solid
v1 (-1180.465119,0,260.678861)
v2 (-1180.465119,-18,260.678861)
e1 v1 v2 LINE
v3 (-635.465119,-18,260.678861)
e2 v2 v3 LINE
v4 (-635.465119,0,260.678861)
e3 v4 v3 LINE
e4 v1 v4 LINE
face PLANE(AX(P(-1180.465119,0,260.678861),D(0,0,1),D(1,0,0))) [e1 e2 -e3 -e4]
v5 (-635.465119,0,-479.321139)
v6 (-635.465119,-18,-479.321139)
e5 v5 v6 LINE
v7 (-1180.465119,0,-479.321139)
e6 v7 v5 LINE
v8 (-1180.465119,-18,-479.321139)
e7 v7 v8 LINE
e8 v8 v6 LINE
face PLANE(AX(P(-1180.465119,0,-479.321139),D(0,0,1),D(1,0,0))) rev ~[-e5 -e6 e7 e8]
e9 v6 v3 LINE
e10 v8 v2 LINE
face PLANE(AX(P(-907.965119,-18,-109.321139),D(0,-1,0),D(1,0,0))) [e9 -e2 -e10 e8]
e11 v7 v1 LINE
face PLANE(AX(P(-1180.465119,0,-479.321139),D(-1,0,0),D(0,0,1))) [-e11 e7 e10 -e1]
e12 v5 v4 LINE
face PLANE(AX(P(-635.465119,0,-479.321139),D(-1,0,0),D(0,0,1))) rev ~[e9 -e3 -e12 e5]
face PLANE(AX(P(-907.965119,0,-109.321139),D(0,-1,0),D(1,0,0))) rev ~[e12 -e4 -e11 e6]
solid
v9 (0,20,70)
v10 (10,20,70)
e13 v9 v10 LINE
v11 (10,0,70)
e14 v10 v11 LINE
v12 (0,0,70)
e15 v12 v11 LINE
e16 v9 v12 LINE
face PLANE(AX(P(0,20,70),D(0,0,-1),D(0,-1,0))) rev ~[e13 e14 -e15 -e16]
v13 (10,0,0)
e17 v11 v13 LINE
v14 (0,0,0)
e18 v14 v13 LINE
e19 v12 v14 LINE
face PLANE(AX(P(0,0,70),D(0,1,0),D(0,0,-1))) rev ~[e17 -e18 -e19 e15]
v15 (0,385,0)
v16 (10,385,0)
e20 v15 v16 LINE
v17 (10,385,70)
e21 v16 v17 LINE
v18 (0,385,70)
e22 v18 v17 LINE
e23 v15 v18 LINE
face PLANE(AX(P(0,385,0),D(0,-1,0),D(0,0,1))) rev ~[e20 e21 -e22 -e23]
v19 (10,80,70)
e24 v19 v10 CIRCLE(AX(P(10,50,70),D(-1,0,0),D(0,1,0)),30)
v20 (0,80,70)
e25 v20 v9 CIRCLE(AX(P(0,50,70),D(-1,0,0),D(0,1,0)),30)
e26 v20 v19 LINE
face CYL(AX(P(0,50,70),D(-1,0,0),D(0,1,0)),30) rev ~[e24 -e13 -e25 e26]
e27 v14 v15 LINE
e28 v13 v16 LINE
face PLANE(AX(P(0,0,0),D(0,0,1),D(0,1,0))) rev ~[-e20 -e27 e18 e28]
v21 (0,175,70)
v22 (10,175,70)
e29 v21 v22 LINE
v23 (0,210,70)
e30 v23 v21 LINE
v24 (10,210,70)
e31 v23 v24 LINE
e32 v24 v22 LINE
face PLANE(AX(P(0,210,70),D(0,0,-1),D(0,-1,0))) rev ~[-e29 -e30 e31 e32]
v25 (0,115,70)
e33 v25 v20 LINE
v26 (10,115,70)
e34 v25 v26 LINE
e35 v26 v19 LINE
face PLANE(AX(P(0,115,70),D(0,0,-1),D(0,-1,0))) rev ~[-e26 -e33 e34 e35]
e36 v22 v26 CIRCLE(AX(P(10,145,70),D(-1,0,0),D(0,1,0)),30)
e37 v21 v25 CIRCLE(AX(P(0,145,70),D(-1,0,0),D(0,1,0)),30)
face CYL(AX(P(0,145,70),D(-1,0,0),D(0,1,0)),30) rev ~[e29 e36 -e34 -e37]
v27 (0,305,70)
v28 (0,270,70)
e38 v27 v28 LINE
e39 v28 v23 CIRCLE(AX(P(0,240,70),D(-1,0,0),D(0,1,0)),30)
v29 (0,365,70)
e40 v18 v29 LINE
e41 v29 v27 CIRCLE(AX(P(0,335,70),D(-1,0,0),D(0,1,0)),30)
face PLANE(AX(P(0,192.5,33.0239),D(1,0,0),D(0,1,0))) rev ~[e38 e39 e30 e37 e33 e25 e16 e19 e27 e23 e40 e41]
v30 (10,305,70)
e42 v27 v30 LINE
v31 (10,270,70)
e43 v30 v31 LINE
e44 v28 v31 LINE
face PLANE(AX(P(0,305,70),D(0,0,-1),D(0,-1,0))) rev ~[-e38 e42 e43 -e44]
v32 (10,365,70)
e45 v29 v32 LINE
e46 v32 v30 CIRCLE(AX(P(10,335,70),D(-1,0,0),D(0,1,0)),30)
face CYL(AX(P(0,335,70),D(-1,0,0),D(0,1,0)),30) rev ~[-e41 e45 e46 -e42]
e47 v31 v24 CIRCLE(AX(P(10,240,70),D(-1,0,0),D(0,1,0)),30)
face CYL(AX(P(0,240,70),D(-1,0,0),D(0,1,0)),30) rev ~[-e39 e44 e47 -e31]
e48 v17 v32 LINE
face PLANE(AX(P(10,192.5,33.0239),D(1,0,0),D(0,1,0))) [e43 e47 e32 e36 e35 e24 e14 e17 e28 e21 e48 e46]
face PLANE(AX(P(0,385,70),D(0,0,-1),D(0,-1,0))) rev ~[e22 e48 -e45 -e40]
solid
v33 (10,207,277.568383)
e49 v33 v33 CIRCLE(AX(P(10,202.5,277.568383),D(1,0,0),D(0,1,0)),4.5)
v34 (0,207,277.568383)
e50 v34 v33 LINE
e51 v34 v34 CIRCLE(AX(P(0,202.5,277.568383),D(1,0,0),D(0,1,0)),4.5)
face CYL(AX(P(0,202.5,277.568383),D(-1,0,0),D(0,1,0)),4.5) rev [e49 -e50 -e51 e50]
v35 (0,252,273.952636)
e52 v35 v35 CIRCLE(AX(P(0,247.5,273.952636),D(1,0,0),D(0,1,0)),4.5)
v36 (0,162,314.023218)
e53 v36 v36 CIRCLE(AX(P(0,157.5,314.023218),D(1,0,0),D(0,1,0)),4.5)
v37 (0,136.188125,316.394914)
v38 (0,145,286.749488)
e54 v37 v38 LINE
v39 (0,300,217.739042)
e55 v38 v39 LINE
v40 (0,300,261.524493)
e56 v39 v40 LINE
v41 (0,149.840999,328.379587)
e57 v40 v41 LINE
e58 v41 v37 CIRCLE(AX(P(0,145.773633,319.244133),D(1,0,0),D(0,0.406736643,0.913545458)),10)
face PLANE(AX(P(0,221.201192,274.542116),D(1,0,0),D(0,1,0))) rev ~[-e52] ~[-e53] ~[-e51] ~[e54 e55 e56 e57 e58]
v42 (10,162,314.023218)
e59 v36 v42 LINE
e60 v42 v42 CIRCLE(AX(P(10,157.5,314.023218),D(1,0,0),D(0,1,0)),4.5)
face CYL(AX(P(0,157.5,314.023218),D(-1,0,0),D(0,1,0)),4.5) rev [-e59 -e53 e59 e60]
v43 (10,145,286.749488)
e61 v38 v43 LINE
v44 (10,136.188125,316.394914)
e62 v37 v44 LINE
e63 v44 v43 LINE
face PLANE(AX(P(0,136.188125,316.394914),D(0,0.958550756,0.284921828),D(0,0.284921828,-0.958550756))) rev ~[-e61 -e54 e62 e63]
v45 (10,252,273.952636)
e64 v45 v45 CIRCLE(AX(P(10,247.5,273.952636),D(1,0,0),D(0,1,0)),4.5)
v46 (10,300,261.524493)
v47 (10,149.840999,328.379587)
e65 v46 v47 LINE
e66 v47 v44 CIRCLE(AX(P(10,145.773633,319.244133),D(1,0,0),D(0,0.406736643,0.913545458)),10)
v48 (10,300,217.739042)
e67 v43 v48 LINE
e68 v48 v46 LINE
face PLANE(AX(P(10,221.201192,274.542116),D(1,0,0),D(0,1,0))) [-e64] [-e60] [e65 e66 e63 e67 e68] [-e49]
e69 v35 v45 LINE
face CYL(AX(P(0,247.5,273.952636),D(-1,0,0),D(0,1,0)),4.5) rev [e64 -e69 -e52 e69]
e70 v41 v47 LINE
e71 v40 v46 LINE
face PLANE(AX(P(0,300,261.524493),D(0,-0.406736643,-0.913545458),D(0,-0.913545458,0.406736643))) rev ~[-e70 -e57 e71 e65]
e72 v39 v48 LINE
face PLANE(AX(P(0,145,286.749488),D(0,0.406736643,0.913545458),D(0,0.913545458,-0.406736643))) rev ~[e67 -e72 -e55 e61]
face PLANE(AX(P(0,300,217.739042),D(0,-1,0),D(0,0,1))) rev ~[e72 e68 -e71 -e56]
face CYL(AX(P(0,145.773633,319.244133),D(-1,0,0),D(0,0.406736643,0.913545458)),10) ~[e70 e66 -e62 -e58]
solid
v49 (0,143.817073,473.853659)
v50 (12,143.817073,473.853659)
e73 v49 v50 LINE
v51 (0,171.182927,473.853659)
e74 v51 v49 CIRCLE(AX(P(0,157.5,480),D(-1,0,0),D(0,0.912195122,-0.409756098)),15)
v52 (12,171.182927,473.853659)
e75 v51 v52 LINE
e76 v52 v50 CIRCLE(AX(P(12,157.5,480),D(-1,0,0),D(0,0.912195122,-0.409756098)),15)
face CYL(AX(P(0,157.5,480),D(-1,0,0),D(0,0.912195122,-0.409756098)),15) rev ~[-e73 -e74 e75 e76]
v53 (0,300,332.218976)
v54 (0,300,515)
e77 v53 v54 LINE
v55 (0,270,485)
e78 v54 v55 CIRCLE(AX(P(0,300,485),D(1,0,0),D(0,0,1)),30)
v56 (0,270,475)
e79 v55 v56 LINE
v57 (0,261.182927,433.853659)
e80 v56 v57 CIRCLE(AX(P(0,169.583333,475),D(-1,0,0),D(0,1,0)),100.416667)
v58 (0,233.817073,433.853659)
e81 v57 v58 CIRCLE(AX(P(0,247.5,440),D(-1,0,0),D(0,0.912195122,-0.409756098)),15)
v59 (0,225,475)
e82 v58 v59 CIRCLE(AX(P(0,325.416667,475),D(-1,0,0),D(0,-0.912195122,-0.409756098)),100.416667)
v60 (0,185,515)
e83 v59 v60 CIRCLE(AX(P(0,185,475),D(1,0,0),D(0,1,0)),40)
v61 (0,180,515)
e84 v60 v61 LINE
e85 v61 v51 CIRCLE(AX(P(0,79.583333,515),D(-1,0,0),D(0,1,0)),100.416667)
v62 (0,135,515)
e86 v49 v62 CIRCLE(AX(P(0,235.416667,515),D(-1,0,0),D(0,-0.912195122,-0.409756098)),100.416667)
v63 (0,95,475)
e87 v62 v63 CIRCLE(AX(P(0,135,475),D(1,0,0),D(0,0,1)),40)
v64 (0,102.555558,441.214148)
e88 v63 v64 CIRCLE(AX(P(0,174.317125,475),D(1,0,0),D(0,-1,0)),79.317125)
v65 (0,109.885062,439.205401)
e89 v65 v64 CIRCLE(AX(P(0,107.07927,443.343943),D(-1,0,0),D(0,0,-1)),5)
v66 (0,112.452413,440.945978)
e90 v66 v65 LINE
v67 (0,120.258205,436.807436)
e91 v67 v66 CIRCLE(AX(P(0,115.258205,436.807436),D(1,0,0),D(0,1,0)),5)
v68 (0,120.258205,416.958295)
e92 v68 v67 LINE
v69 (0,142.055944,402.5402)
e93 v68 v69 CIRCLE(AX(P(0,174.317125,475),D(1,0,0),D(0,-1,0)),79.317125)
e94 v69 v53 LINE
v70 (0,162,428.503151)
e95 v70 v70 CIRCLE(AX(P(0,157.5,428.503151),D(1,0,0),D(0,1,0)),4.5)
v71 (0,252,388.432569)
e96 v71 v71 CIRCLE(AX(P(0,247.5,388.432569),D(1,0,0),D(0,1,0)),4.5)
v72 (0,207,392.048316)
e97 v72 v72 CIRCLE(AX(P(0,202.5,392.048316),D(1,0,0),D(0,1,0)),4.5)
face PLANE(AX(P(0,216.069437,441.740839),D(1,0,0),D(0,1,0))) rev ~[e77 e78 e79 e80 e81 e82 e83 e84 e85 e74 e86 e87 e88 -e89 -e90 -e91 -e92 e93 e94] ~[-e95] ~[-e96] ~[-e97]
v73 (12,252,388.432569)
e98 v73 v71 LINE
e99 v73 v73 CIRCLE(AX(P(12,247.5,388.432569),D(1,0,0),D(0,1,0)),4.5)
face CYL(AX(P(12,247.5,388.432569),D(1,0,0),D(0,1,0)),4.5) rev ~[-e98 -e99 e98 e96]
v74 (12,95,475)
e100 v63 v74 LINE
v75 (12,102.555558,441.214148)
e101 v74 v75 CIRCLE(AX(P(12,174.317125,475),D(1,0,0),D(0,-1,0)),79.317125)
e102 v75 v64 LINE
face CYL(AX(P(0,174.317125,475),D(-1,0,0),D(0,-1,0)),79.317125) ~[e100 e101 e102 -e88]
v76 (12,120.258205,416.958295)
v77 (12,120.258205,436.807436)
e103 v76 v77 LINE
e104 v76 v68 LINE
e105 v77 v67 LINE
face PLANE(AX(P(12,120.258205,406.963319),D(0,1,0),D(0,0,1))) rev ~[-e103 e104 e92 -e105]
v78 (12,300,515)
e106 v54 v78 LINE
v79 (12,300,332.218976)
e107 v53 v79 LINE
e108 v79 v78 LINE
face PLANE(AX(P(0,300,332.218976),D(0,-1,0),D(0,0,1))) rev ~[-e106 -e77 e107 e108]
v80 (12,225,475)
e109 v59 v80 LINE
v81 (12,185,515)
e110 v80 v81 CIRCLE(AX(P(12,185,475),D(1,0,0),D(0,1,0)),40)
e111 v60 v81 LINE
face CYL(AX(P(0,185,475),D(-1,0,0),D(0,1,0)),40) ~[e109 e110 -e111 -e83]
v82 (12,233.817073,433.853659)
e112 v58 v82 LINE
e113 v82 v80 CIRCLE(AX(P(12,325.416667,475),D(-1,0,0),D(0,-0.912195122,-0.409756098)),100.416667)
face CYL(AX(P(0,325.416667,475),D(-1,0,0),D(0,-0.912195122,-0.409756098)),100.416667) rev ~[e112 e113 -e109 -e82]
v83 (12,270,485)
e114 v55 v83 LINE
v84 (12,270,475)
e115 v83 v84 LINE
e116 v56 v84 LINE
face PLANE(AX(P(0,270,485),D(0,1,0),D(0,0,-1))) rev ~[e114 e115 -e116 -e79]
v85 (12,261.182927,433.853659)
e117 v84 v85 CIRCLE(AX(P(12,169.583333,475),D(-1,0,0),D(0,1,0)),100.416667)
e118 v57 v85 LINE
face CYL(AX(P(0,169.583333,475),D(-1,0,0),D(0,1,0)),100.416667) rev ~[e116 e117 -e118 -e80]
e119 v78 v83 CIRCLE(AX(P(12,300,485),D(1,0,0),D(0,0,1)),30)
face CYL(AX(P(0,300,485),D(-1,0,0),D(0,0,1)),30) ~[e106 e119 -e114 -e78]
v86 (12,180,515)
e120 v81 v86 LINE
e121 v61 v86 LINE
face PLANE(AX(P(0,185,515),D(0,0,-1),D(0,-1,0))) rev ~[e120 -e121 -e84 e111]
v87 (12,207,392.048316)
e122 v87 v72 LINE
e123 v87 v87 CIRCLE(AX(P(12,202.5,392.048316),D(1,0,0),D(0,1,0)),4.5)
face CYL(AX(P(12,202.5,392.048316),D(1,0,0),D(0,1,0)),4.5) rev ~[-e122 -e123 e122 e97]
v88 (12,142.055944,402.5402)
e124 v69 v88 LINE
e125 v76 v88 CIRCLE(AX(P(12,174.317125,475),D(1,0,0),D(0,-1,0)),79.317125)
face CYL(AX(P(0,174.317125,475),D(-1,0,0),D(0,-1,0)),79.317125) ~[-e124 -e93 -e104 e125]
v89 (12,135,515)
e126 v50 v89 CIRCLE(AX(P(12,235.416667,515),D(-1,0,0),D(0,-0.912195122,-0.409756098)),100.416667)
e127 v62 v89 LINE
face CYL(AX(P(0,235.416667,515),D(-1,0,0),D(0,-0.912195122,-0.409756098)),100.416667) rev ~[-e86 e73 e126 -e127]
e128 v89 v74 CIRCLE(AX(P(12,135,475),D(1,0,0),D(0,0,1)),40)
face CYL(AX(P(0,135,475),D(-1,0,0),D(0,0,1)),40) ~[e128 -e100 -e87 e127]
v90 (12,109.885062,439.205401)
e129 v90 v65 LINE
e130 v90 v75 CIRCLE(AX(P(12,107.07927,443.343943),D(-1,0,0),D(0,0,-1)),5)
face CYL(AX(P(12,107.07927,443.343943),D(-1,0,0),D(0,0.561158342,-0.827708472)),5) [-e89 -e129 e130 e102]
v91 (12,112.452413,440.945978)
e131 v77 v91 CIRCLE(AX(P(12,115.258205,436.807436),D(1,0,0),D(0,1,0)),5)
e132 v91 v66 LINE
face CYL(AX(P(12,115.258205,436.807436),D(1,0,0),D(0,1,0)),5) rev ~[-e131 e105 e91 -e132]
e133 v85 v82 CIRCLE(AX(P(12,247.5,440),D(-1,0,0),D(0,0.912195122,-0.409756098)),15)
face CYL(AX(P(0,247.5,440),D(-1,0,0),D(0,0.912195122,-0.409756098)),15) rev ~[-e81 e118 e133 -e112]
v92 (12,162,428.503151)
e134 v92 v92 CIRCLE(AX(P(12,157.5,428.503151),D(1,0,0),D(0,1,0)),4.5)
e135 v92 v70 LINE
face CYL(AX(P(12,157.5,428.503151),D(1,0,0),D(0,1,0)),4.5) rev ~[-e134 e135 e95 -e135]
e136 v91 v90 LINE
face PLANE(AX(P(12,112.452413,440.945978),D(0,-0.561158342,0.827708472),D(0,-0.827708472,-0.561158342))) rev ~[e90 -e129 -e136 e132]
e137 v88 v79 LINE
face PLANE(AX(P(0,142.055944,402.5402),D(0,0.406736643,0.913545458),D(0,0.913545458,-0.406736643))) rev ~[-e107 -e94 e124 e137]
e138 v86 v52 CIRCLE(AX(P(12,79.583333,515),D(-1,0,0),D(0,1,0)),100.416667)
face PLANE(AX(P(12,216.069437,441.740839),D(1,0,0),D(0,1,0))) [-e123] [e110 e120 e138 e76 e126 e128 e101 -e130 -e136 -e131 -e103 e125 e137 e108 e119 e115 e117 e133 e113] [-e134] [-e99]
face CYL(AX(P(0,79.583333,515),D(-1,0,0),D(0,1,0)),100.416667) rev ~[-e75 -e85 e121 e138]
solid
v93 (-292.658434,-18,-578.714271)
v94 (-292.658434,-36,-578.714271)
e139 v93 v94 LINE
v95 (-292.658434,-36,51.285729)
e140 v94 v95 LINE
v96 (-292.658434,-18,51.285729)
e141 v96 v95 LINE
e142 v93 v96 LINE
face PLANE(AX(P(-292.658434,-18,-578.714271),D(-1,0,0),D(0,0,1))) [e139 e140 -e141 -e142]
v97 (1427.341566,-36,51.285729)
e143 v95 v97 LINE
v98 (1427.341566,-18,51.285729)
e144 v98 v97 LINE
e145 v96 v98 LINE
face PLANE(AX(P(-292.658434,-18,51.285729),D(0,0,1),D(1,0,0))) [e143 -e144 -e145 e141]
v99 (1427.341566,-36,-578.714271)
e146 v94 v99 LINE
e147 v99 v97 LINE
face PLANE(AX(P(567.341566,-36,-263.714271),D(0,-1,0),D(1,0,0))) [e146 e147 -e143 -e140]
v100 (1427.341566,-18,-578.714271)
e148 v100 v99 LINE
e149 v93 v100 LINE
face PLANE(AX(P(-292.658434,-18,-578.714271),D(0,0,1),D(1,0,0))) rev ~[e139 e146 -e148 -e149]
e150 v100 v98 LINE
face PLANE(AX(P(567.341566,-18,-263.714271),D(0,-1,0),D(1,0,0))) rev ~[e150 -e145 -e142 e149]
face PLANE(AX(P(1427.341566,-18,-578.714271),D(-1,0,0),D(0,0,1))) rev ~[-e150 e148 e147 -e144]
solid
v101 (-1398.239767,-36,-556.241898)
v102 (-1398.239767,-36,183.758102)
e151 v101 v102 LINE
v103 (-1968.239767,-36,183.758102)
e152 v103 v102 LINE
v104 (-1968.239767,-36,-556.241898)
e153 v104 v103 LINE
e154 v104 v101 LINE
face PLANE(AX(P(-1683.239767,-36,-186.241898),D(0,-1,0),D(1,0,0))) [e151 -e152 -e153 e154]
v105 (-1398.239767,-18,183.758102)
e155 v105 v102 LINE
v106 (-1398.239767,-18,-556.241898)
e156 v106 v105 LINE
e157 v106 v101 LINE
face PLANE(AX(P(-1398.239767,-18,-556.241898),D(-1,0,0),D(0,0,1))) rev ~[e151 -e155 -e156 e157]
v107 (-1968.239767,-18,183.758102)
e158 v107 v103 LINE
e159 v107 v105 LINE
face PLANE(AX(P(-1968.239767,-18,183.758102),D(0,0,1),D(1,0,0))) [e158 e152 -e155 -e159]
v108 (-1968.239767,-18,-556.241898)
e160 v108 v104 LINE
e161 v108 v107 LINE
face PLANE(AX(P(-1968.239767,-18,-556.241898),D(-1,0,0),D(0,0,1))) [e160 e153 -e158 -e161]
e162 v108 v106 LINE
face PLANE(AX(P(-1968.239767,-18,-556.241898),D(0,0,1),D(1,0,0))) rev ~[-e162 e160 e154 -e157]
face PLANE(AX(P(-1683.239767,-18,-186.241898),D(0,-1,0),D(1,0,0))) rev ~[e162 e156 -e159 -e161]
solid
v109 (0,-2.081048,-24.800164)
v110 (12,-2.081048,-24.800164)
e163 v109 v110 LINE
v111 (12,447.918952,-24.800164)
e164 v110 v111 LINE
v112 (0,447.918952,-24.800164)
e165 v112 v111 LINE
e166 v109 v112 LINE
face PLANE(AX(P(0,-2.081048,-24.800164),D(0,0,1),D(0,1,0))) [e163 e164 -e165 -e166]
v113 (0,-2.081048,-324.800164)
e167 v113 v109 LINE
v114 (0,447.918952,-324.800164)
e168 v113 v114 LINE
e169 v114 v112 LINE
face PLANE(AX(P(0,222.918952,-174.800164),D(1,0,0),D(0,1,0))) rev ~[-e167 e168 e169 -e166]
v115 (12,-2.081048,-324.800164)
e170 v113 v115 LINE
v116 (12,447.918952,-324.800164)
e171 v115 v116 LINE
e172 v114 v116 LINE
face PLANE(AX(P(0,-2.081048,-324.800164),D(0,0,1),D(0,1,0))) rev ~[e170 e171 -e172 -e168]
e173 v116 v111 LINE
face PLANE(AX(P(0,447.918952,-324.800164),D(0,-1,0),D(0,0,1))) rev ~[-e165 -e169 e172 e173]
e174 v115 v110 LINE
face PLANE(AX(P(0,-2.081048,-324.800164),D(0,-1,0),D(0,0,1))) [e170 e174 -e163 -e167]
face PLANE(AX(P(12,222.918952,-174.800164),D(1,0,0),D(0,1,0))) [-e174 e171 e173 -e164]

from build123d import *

# Parameters (mm, degrees)
F1_DEPTH  = 10
F3_DEPTH  = 12
F4_R      = 4.5
F5_DEPTH  = 10
F6_R      = 4.5
F7_DEPTH  = 12.001
F8_W      = 545
F8_H      = 740
F9_DEPTH  = 18
F10_W     = 570
F10_H     = 740
F11_DEPTH = 18
F12_W     = 1720
F12_H     = 630
F13_DEPTH = 18
F14_W     = 450
F14_H     = 300
F15_DEPTH = 12
F17_DEPTH = 25
F18_R     = 5


with BuildPart() as f1:
    # F0 (on Right) → F1 (new body)
    with BuildSketch(Plane.YZ):
        with BuildLine():
            Line((0, 70), (0, 0))
            Line((0, 0), (385, 0))
            Line((385, 0), (385, 70))
            Line((385, 70), (365, 70))
            ThreePointArc((365, 70), (335, 40), (305, 70))
            Line((305, 70), (270, 70))
            ThreePointArc((270, 70), (240, 40), (210, 70))
            Line((210, 70), (175, 70))
            ThreePointArc((175, 70), (145, 40), (115, 70))
            Line((115, 70), (80, 70))
            ThreePointArc((80, 70), (50, 40), (20, 70))
            Line((20, 70), (0, 70))
        make_face()
    extrude(amount=F1_DEPTH)


with BuildPart() as f3:
    # F2 (on Right) → F3 (new body)
    with BuildSketch(Plane.YZ):
        with BuildLine():
            ThreePointArc((261.1829268293, 433.8536585366), (247.5, 425), (233.8170731707, 433.8536585366))
            ThreePointArc((233.8170731707, 433.8536585366), (227.2290075864, 453.9597873399), (225, 475))
            ThreePointArc((225, 475), (213.2842712475, 503.2842712475), (185, 515))
            Line((185, 515), (180, 515))
            ThreePointArc((180, 515), (177.7709924136, 493.9597873399), (171.1829268293, 473.8536585366))
            ThreePointArc((171.1829268293, 473.8536585366), (157.5, 465), (143.8170731707, 473.8536585366))
            ThreePointArc((143.8170731707, 473.8536585366), (137.2290075864, 493.9597873399), (135, 515))
            ThreePointArc((135, 515), (106.7157287525, 503.2842712475), (95, 475))
            ThreePointArc((95, 475), (107.7961867785, 431.8007974109), (142.0559440231, 402.5402004596))
            Line((142.0559440231, 402.5402004596), (300, 332.2189760647))
            Line((300, 332.2189760647), (300, 515))
            ThreePointArc((300, 515), (278.7867965644, 506.2132034356), (270, 485))
            Line((270, 485), (270, 475))
            ThreePointArc((270, 475), (267.7709924136, 453.9597873399), (261.1829268293, 433.8536585366))
        make_face()
    extrude(amount=F3_DEPTH)

    # F6 (on face) → F7 (cut, through all)
    with BuildSketch(Plane.YZ.offset(12)):
        with Locations((157.5, 428.5031508404)):
            Circle(F6_R)
        with Locations((202.5, 392.0483158239)):
            Circle(F6_R)
        with Locations((247.5, 388.4325691626)):
            Circle(F6_R)
    extrude(amount=-F7_DEPTH, mode=Mode.SUBTRACT)

    # F16 (on face) → F17 (cut)
    with BuildSketch(Plane.YZ.offset(12)):
        with BuildLine():
            Line((90.5504003167, 426.0971546173), (120.258204639, 406.9633185863))
            Line((120.258204639, 406.9633185863), (120.258204639, 416.9582954822))
            ThreePointArc((120.258204639, 416.9582954822), (112.0061980519, 425.9229716498), (105.2246160535, 436.0457764538))
            Line((105.2246160535, 436.0457764538), (90.5504003167, 426.0971546173))
        make_face()
        with BuildLine():
            ThreePointArc((105.2246160535, 436.0457764538), (112.0061980519, 425.9229716498), (120.258204639, 416.9582954822))
            Line((120.258204639, 416.9582954822), (120.258204639, 436.8074358551))
            ThreePointArc((120.258204639, 436.8074358551), (117.6003234915, 441.2249554398), (112.4524129268, 440.9459782154))
            Line((112.4524129268, 440.9459782154), (105.2246160535, 436.0457764538))
        make_face()
    extrude(amount=-F17_DEPTH, mode=Mode.SUBTRACT)

    # F18
    f18_edges = [f3.edges().sort_by_distance(p)[0] for p in [
        (6, 105.224616, 436.045776),
    ]]
    fillet(f18_edges, radius=F18_R)


with BuildPart() as f5:
    # F4 (on Right) → F5 (new body)
    with BuildSketch(Plane.YZ):
        with BuildLine():
            Line((300, 217.7390417483), (300, 261.5244928885))
            Line((300, 261.5244928885), (149.8409993356, 328.3795873416))
            ThreePointArc((149.8409993356, 328.3795873416), (139.1766209866, 326.7594127832), (136.1881253443, 316.3949144854))
            Line((136.1881253443, 316.3949144854), (145, 286.7494879711))
            Line((145, 286.7494879711), (300, 217.7390417483))
        make_face()
        with Locations((202.5, 277.5683827434)):
            Circle(F4_R, mode=Mode.SUBTRACT)
        with Locations((157.5, 314.0232177599)):
            Circle(F4_R, mode=Mode.SUBTRACT)
        with Locations((247.5, 273.9526360821)):
            Circle(F4_R, mode=Mode.SUBTRACT)
    extrude(amount=F5_DEPTH)


with BuildPart() as f9:
    # F8 (on Front) → F9 (new body)
    with BuildSketch(Plane.XZ):
        with Locations((-907.9651194595, -109.3211390078)):
            Rectangle(F8_W, F8_H)
    extrude(amount=F9_DEPTH)


with BuildPart() as f11:
    # F10 (on face) → F11 (new body)
    with BuildSketch(Plane.XZ.offset(18)):
        with Locations((-1683.239766894, -186.2418979406)):
            Rectangle(F10_W, F10_H)
    extrude(amount=F11_DEPTH)


with BuildPart() as f13:
    # F12 (on face) → F13 (new body)
    with BuildSketch(Plane.XZ.offset(18)):
        with Locations((567.3415660858, -263.714271416)):
            Rectangle(F12_W, F12_H)
    extrude(amount=F13_DEPTH)


with BuildPart() as f15:
    # F14 (on Right) → F15 (new body)
    with BuildSketch(Plane.YZ):
        with Locations((222.9189515114, -174.8001635075)):
            Rectangle(F14_W, F14_H)
    extrude(amount=F15_DEPTH)


solid = Compound([f1.part, f3.part, f5.part, f9.part, f11.part, f13.part, f15.part])
